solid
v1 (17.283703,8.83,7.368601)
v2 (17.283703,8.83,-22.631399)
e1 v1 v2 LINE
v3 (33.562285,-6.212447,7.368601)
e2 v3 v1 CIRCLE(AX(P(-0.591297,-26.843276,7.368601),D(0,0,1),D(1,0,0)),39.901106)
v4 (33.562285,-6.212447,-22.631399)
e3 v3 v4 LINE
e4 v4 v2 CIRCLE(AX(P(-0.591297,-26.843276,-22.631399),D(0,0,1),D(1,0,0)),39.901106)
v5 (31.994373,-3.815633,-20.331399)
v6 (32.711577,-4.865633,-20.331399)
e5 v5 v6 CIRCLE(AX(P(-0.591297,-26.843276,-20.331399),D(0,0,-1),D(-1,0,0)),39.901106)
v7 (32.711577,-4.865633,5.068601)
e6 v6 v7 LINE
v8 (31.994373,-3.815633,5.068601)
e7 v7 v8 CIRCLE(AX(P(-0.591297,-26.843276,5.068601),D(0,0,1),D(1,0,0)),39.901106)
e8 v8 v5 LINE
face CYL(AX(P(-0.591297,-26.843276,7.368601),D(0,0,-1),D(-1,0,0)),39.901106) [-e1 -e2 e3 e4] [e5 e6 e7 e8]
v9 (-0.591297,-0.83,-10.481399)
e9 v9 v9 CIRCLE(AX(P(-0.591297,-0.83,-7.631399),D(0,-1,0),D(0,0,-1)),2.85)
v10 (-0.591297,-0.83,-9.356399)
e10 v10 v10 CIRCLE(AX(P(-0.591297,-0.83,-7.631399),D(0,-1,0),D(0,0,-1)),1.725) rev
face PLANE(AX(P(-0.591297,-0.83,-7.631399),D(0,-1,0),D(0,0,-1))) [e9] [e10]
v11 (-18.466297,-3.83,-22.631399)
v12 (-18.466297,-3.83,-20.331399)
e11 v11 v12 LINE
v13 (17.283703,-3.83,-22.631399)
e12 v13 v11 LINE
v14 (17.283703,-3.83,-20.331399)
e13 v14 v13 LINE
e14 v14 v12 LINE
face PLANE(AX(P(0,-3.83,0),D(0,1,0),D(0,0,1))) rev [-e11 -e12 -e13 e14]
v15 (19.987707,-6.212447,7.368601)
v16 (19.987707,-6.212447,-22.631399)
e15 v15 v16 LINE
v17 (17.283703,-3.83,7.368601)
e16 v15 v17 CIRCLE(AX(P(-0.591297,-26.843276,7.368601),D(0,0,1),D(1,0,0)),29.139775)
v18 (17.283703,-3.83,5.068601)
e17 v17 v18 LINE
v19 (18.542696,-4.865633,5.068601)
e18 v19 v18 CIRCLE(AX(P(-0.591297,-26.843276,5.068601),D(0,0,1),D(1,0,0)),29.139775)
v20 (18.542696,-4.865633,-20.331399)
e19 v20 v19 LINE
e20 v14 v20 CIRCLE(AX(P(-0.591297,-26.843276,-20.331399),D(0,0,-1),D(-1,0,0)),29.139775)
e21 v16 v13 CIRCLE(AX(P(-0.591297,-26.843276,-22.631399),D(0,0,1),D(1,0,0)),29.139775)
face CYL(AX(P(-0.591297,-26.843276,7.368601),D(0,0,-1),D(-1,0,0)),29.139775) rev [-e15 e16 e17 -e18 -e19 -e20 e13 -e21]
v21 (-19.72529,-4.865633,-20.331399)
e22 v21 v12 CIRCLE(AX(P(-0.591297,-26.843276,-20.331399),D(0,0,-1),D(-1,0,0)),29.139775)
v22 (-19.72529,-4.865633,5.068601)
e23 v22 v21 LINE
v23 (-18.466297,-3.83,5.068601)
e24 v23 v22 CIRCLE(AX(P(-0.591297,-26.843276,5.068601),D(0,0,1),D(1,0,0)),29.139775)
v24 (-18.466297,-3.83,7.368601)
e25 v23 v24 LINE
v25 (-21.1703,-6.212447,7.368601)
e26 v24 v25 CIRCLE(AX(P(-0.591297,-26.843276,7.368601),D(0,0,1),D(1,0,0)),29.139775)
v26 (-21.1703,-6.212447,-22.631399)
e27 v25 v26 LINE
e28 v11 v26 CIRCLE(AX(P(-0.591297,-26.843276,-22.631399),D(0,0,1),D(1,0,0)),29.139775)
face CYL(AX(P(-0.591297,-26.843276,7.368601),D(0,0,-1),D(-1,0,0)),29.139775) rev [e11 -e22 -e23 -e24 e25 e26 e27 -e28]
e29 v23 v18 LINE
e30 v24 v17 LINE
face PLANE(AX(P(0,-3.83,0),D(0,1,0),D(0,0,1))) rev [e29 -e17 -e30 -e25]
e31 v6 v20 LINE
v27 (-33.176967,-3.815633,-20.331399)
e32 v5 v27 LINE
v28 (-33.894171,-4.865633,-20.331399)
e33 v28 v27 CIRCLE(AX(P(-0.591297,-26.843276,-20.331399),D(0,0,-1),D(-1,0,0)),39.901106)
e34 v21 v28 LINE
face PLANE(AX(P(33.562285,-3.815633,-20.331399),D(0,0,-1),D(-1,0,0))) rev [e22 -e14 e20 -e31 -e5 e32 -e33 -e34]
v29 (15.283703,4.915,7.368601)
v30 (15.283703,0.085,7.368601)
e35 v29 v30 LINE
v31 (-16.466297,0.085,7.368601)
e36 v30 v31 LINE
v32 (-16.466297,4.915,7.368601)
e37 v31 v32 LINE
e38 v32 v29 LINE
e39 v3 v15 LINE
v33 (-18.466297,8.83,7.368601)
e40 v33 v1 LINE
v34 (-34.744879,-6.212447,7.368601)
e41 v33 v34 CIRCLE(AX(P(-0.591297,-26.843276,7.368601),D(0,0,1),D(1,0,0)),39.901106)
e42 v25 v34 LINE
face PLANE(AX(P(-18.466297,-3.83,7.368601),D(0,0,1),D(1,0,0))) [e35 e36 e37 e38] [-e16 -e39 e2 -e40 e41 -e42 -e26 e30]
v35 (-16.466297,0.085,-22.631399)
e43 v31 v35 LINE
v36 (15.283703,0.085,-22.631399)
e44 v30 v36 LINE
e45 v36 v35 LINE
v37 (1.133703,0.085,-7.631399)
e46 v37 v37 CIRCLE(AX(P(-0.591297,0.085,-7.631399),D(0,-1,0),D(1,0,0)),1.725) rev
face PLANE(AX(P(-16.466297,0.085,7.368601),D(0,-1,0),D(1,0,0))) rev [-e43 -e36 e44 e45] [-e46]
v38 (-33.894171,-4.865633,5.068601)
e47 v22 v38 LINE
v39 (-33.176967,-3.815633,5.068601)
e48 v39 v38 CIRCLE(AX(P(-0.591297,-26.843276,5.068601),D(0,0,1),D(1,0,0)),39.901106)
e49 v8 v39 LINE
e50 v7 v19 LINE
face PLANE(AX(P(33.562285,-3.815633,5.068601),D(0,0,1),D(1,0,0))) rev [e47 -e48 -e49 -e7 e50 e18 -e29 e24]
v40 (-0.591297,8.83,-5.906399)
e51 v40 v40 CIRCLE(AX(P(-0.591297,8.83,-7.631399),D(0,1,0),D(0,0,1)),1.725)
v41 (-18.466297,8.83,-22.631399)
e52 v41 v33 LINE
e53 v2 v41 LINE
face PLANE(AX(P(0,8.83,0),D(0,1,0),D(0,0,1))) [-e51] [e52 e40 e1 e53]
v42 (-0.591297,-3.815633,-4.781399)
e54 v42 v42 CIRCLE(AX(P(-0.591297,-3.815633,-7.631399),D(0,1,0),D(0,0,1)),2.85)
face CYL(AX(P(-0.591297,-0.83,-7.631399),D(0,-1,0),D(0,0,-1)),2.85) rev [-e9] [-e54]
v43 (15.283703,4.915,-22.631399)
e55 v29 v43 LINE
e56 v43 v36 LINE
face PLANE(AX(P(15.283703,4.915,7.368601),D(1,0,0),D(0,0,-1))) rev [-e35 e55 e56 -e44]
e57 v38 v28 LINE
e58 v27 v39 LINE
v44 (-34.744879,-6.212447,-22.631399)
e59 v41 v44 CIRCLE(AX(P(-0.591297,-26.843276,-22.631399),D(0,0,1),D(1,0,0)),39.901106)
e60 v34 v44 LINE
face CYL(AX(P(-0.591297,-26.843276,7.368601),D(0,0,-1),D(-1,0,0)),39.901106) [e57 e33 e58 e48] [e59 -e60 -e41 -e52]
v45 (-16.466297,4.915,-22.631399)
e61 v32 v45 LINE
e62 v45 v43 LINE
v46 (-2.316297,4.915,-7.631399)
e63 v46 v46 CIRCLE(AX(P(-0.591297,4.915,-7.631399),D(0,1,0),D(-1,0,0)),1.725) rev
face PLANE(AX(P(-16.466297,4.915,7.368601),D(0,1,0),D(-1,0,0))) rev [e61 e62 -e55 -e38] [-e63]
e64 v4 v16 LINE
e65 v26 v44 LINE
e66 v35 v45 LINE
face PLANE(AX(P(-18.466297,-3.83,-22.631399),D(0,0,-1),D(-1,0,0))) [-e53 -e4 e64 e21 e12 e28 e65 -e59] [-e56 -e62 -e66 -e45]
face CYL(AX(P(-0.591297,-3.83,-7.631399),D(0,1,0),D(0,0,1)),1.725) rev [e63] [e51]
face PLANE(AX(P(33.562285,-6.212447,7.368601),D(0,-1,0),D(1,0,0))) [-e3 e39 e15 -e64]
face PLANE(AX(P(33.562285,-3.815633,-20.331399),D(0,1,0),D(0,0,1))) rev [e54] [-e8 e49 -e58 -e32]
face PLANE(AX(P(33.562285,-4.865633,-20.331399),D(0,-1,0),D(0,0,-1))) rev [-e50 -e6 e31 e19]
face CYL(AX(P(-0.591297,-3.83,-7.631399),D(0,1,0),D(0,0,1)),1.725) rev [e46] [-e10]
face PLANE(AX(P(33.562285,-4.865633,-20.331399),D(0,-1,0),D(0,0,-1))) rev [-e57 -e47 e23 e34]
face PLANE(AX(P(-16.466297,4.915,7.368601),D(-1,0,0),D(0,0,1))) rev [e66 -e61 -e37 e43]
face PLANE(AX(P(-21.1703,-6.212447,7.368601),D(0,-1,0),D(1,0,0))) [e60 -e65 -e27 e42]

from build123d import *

# Parameters (mm, degrees)
BOSS_EXTRUDE1_DEPTH      = 8.83
BOSS_EXTRUDE1_DEPTH_BACK = 3.83
SKETCH1_W                = 35.75
SKETCH1_H                = 30
SKETCH1_R                = 1.725
SKETCH2_W                = 31.75
SKETCH2_H                = 4.83
CUT_EXTRUDE1_DEPTH       = 37.317668183
BOSS_EXTRUDE4_DEPTH      = 7.368601
BOSS_EXTRUDE4_DEPTH_BACK = 22.631399
SKETCH7_W                = 25.4
SKETCH7_H                = 1.05
CUT_EXTRUDE2_DEPTH       = 73.49839785
SKETCH8_R                = 2.85
CUT_EXTRUDE3_DEPTH       = 3


with BuildPart() as part:
    # Sketch1 → Boss-Extrude1 (new, two sides: drawn at the far end of the back side and taken through both)
    with BuildSketch(Plane(origin=(0, 0, 0), x_dir=(1, 0, 0), z_dir=(0, 1, 0)).offset(-BOSS_EXTRUDE1_DEPTH_BACK)):
        with Locations((-0.591296928, 7.631399317)):
            Rectangle(SKETCH1_W, SKETCH1_H)
        with Locations(Location((-0.591296928, 7.631399317, 0), (0, 0, 270))):
            Circle(SKETCH1_R, mode=Mode.SUBTRACT)
    extrude(amount=BOSS_EXTRUDE1_DEPTH + BOSS_EXTRUDE1_DEPTH_BACK)

    # Sketch2 → Cut-Extrude1 (cut, through all)
    with BuildSketch(Plane(origin=(0, 0, -22.631399317), x_dir=(-1, 0, 0), z_dir=(0, 0, -1))):
        with Locations((0.591296928, 2.5)):
            Rectangle(SKETCH2_W, SKETCH2_H)
    extrude(amount=-CUT_EXTRUDE1_DEPTH, mode=Mode.SUBTRACT)

    # Sketch4 → Boss-Extrude4 (add, two sides: drawn at the far end of the back side and taken through both)
    with BuildSketch(Plane.XY.offset(-BOSS_EXTRUDE4_DEPTH_BACK)):
        with BuildLine():
            Line((33.562284713, -6.212446851), (19.98770661, -6.212446851))
            ThreePointArc((19.98770661, -6.212446851), (18.67257107, -4.979381394), (17.283703072, -3.83))
            Line((17.283703072, -3.83), (17.283703072, 8.83))
            ThreePointArc((17.283703072, 8.83), (26.488439568, 2.461776787), (33.562284713, -6.212446851))
        make_face()
        with BuildLine():
            Line((-21.170300466, -6.212446851), (-34.74487857, -6.212446851))
            ThreePointArc((-34.74487857, -6.212446851), (-27.671033425, 2.461776787), (-18.466296928, 8.83))
            Line((-18.466296928, 8.83), (-18.466296928, -3.83))
            ThreePointArc((-18.466296928, -3.83), (-19.855164927, -4.979381394), (-21.170300466, -6.212446851))
        make_face()
    extrude(amount=BOSS_EXTRUDE4_DEPTH + BOSS_EXTRUDE4_DEPTH_BACK)

    # Sketch7 → Cut-Extrude2 (cut, through all)
    with BuildSketch(Plane.ZY.offset(34.74487857)):
        with Locations((-7.631399317, -4.340632565)):
            Rectangle(SKETCH7_W, SKETCH7_H)
    extrude(amount=-CUT_EXTRUDE2_DEPTH, mode=Mode.SUBTRACT)

    # Sketch8 → Cut-Extrude3 (cut)
    with BuildSketch(Plane.XZ.offset(3.83)):
        with Locations(Location((-0.591296928, -7.631399317, 0), (0, 0, 270))):
            Circle(SKETCH8_R)
    extrude(amount=-CUT_EXTRUDE3_DEPTH, mode=Mode.SUBTRACT)


solid = part.part
